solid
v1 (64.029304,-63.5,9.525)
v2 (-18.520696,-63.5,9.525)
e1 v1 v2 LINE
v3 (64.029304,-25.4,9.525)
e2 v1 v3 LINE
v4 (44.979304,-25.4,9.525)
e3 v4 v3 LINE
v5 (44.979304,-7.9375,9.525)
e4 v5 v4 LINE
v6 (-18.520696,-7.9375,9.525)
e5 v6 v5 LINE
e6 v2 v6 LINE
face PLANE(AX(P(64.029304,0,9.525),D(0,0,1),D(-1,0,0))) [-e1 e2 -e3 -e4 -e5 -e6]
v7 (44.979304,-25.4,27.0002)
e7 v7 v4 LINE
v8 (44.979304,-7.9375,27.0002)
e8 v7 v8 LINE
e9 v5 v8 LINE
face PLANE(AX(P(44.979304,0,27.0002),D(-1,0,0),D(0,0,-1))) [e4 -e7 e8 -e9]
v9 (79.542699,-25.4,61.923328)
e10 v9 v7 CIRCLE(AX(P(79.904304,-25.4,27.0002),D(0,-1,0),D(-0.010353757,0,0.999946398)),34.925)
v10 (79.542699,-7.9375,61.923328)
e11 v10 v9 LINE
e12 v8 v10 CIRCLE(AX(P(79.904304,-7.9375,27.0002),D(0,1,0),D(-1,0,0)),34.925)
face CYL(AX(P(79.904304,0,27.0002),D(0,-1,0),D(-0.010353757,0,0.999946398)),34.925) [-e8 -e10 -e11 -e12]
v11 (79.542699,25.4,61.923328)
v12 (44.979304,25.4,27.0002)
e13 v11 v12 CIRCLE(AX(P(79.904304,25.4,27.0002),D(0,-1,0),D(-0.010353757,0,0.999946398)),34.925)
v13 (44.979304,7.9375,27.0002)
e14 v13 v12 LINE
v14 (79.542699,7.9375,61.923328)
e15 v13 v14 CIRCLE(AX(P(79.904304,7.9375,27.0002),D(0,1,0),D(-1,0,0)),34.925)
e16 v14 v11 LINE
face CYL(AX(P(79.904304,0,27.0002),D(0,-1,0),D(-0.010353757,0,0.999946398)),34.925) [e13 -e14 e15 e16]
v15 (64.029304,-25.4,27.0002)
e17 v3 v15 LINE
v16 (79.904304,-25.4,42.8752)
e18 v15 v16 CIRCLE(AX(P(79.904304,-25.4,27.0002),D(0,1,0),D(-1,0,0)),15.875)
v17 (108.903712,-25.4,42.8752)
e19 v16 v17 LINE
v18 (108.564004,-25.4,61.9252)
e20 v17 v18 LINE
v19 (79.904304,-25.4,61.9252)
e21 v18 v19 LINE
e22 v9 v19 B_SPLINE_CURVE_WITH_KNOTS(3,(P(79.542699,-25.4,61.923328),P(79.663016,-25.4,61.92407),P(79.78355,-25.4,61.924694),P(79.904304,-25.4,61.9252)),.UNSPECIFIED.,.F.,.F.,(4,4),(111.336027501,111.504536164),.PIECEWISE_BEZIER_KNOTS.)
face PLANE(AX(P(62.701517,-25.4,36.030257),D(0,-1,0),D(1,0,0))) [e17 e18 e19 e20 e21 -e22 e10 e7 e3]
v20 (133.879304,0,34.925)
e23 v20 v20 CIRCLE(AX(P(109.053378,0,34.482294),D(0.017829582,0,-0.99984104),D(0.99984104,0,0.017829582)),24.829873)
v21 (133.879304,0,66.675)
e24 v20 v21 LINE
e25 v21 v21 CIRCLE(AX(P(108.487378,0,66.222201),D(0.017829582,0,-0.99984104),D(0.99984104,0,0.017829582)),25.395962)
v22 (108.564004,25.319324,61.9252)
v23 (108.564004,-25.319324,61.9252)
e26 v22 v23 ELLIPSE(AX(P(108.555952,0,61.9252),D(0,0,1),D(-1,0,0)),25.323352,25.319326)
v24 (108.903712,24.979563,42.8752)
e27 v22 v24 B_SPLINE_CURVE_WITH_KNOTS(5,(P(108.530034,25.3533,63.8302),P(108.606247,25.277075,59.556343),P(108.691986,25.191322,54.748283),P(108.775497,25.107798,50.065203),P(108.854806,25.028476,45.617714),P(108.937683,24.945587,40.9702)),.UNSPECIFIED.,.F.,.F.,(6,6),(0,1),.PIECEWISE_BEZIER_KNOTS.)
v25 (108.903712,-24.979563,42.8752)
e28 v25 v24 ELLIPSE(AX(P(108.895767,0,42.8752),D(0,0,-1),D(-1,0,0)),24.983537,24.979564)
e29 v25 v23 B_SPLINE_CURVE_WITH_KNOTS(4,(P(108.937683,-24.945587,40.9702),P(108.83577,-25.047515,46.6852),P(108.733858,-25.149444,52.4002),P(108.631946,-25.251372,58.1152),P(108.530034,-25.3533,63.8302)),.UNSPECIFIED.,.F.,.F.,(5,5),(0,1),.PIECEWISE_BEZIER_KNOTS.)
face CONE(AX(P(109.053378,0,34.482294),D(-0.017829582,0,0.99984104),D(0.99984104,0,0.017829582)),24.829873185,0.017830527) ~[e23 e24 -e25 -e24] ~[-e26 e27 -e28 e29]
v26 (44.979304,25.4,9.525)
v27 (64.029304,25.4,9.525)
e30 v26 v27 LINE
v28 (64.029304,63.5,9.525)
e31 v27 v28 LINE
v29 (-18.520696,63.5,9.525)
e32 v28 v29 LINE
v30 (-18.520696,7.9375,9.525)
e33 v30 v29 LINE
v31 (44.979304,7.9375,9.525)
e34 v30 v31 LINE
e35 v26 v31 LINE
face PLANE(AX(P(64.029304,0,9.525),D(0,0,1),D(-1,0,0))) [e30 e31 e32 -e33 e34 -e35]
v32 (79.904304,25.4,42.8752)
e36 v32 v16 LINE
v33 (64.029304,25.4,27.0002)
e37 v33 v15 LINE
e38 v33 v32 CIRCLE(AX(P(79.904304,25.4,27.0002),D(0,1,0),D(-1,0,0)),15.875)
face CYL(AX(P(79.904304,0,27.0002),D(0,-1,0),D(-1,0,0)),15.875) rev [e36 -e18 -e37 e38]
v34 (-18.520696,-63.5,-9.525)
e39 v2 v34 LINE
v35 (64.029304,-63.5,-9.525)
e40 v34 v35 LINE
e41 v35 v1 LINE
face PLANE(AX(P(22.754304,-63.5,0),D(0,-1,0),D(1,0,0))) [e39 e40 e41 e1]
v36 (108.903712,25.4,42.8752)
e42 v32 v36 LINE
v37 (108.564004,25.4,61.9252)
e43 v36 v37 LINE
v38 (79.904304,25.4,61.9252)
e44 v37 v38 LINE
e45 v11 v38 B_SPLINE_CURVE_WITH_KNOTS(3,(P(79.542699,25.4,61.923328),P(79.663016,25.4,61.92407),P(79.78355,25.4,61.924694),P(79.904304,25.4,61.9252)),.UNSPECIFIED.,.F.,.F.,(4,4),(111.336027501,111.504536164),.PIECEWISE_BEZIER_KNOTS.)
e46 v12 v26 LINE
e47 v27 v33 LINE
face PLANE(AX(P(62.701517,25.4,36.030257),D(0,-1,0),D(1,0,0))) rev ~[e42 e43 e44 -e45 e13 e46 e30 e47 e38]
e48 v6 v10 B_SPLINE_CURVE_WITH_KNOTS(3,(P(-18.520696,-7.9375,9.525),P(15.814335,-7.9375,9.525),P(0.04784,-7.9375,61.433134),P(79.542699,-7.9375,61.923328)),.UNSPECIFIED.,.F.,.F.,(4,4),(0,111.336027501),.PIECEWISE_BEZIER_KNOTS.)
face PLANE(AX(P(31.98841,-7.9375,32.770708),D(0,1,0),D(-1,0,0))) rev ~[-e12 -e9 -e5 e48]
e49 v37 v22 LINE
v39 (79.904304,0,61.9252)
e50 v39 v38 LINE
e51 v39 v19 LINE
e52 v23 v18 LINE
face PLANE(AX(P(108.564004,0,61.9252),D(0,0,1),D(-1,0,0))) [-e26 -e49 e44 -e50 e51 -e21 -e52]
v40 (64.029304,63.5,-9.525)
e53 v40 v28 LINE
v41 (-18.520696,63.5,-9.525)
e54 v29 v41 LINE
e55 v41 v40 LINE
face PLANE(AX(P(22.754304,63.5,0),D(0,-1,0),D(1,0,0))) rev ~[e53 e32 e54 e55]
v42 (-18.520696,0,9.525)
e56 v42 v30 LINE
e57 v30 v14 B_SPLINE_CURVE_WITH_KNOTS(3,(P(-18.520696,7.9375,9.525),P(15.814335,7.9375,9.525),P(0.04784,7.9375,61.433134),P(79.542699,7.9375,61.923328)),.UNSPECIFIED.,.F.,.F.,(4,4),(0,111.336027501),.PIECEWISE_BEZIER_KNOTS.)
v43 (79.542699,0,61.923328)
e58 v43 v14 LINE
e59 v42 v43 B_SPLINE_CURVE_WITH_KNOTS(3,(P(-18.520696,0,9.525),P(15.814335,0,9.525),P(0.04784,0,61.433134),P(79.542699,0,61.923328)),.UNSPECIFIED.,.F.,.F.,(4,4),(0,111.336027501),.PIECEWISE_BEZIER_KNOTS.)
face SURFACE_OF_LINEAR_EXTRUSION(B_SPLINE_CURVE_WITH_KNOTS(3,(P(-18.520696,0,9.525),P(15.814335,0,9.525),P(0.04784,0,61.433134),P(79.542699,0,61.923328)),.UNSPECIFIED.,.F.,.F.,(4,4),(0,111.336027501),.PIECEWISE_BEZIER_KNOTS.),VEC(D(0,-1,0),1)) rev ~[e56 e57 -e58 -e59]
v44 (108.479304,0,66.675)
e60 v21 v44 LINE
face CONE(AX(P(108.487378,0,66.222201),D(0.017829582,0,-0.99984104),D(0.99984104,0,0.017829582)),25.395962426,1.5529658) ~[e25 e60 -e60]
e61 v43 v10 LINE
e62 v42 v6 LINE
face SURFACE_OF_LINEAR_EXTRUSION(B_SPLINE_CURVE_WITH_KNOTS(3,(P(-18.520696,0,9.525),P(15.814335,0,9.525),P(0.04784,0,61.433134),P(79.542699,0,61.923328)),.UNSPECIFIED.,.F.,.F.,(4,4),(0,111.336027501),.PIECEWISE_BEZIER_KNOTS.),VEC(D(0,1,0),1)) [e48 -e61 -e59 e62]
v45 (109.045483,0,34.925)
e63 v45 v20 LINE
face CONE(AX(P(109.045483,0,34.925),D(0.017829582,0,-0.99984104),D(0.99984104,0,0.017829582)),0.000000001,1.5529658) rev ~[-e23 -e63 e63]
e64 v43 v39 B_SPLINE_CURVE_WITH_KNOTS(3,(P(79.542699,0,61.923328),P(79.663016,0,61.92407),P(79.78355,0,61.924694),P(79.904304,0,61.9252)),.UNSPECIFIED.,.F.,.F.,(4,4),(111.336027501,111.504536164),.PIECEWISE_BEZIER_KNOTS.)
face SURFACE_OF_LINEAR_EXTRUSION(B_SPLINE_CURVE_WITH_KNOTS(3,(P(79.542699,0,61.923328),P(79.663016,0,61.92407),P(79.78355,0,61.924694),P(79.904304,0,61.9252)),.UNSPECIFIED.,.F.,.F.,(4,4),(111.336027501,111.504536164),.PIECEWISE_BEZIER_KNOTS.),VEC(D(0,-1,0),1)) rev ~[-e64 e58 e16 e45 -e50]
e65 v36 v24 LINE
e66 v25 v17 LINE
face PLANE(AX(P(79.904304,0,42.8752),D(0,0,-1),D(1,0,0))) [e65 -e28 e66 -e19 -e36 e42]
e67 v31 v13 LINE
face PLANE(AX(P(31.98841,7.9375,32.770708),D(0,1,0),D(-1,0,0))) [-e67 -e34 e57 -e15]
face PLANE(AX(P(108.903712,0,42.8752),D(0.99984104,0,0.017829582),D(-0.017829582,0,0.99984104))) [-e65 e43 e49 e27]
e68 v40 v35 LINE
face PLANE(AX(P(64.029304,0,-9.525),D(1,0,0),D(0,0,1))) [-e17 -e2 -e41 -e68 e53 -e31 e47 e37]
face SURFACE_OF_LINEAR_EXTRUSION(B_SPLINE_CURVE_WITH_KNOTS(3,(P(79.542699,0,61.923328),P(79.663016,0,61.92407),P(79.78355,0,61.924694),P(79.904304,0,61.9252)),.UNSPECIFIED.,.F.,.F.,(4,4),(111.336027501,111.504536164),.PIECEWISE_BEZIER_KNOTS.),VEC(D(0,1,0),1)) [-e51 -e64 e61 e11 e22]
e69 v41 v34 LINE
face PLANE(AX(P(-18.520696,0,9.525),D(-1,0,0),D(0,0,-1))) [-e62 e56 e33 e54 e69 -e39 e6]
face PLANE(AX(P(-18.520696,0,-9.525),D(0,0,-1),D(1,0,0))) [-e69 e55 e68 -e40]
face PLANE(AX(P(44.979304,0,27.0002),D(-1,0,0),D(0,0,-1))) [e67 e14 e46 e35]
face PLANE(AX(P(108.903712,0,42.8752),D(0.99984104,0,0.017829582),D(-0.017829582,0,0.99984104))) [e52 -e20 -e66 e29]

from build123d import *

# Parameters (mm, degrees)
F1_DEPTH = 63.5
F2_DEPTH = 25.4
F3_DEPTH = 7.9375


with BuildPart() as f1:
    # F0 (on Front) → F1 (new body, symmetric)
    with BuildSketch(Plane.XZ):
        Polygon((44.9793039322, 9.525), (-18.5206960678, 9.525), (-18.5206960678, -9.525), (64.0293039322, -9.525), (64.0293039322, 9.525), align=None)
    extrude(amount=F1_DEPTH, both=True)

    # F0 (on Front) → F2 (join, symmetric)
    with BuildSketch(Plane.XZ):
        with BuildLine():
            Line((44.9793039322, 27.0002), (44.9793039322, 9.525))
            Line((44.9793039322, 9.525), (64.0293039322, 9.525))
            Line((64.0293039322, 9.525), (64.0293039322, 27.0002))
            ThreePointArc((64.0293039322, 27.0002), (68.6789837809, 38.2255201513), (79.9043039322, 42.8752))
            Line((79.9043039322, 42.8752), (83.0793039322, 42.8752))
            Line((83.0793039322, 42.8752), (83.0793039322, 61.9252))
            Line((83.0793039322, 61.9252), (79.9043039322, 61.9252))
            add(Edge.make_bspline(
                [(79.5426989751, 61.9233279649), (79.6630155752, 61.9240698804), (79.7835503929, 61.9246940115), (79.9043039322, 61.9252)],
                knots=[111.336027501, 111.336027501, 111.336027501, 111.336027501, 111.5045361635, 111.5045361635, 111.5045361635, 111.5045361635], degree=3))
            ThreePointArc((79.5426989751, 61.9233279649), (55.0810821618, 51.5677250267), (44.9793039322, 27.0002))
        make_face()
        Polygon((108.5640043465, 61.9252), (83.0793039322, 61.9252), (83.0793039322, 42.8752), (108.9037118903, 42.8752), align=None)
    extrude(amount=F2_DEPTH, both=True)

    # F0 (on Front) → F3 (join, symmetric)
    with BuildSketch(Plane.XZ):
        with BuildLine():
            add(Edge.make_bspline(
                [(-18.5206960678, 9.525), (15.8143353949, 9.525), (0.0478403981, 61.4331340424), (79.5426989751, 61.9233279649)],
                knots=[0, 0, 0, 0, 111.336027501, 111.336027501, 111.336027501, 111.336027501], degree=3))
            Line((-18.5206960678, 9.525), (44.9793039322, 9.525))
            Line((44.9793039322, 9.525), (44.9793039322, 27.0002))
            ThreePointArc((44.9793039322, 27.0002), (55.0810821618, 51.5677250267), (79.5426989751, 61.9233279649))
        make_face()
    extrude(amount=F3_DEPTH, both=True)

    # F0 (on Front) → F4 (revolve)
    with BuildSketch(Plane.XZ):
        Polygon((108.4793039322, 66.675), (108.5640043465, 61.9252), (108.9037118903, 42.8752), (109.0454831719, 34.925), (133.8793039322, 34.925), (133.8793039322, 66.675), align=None)
    revolve(axis=Axis((108.7623935521, 0, 50.8), (0.0178295824, 0, -0.9998410404)))


solid = f1.part
